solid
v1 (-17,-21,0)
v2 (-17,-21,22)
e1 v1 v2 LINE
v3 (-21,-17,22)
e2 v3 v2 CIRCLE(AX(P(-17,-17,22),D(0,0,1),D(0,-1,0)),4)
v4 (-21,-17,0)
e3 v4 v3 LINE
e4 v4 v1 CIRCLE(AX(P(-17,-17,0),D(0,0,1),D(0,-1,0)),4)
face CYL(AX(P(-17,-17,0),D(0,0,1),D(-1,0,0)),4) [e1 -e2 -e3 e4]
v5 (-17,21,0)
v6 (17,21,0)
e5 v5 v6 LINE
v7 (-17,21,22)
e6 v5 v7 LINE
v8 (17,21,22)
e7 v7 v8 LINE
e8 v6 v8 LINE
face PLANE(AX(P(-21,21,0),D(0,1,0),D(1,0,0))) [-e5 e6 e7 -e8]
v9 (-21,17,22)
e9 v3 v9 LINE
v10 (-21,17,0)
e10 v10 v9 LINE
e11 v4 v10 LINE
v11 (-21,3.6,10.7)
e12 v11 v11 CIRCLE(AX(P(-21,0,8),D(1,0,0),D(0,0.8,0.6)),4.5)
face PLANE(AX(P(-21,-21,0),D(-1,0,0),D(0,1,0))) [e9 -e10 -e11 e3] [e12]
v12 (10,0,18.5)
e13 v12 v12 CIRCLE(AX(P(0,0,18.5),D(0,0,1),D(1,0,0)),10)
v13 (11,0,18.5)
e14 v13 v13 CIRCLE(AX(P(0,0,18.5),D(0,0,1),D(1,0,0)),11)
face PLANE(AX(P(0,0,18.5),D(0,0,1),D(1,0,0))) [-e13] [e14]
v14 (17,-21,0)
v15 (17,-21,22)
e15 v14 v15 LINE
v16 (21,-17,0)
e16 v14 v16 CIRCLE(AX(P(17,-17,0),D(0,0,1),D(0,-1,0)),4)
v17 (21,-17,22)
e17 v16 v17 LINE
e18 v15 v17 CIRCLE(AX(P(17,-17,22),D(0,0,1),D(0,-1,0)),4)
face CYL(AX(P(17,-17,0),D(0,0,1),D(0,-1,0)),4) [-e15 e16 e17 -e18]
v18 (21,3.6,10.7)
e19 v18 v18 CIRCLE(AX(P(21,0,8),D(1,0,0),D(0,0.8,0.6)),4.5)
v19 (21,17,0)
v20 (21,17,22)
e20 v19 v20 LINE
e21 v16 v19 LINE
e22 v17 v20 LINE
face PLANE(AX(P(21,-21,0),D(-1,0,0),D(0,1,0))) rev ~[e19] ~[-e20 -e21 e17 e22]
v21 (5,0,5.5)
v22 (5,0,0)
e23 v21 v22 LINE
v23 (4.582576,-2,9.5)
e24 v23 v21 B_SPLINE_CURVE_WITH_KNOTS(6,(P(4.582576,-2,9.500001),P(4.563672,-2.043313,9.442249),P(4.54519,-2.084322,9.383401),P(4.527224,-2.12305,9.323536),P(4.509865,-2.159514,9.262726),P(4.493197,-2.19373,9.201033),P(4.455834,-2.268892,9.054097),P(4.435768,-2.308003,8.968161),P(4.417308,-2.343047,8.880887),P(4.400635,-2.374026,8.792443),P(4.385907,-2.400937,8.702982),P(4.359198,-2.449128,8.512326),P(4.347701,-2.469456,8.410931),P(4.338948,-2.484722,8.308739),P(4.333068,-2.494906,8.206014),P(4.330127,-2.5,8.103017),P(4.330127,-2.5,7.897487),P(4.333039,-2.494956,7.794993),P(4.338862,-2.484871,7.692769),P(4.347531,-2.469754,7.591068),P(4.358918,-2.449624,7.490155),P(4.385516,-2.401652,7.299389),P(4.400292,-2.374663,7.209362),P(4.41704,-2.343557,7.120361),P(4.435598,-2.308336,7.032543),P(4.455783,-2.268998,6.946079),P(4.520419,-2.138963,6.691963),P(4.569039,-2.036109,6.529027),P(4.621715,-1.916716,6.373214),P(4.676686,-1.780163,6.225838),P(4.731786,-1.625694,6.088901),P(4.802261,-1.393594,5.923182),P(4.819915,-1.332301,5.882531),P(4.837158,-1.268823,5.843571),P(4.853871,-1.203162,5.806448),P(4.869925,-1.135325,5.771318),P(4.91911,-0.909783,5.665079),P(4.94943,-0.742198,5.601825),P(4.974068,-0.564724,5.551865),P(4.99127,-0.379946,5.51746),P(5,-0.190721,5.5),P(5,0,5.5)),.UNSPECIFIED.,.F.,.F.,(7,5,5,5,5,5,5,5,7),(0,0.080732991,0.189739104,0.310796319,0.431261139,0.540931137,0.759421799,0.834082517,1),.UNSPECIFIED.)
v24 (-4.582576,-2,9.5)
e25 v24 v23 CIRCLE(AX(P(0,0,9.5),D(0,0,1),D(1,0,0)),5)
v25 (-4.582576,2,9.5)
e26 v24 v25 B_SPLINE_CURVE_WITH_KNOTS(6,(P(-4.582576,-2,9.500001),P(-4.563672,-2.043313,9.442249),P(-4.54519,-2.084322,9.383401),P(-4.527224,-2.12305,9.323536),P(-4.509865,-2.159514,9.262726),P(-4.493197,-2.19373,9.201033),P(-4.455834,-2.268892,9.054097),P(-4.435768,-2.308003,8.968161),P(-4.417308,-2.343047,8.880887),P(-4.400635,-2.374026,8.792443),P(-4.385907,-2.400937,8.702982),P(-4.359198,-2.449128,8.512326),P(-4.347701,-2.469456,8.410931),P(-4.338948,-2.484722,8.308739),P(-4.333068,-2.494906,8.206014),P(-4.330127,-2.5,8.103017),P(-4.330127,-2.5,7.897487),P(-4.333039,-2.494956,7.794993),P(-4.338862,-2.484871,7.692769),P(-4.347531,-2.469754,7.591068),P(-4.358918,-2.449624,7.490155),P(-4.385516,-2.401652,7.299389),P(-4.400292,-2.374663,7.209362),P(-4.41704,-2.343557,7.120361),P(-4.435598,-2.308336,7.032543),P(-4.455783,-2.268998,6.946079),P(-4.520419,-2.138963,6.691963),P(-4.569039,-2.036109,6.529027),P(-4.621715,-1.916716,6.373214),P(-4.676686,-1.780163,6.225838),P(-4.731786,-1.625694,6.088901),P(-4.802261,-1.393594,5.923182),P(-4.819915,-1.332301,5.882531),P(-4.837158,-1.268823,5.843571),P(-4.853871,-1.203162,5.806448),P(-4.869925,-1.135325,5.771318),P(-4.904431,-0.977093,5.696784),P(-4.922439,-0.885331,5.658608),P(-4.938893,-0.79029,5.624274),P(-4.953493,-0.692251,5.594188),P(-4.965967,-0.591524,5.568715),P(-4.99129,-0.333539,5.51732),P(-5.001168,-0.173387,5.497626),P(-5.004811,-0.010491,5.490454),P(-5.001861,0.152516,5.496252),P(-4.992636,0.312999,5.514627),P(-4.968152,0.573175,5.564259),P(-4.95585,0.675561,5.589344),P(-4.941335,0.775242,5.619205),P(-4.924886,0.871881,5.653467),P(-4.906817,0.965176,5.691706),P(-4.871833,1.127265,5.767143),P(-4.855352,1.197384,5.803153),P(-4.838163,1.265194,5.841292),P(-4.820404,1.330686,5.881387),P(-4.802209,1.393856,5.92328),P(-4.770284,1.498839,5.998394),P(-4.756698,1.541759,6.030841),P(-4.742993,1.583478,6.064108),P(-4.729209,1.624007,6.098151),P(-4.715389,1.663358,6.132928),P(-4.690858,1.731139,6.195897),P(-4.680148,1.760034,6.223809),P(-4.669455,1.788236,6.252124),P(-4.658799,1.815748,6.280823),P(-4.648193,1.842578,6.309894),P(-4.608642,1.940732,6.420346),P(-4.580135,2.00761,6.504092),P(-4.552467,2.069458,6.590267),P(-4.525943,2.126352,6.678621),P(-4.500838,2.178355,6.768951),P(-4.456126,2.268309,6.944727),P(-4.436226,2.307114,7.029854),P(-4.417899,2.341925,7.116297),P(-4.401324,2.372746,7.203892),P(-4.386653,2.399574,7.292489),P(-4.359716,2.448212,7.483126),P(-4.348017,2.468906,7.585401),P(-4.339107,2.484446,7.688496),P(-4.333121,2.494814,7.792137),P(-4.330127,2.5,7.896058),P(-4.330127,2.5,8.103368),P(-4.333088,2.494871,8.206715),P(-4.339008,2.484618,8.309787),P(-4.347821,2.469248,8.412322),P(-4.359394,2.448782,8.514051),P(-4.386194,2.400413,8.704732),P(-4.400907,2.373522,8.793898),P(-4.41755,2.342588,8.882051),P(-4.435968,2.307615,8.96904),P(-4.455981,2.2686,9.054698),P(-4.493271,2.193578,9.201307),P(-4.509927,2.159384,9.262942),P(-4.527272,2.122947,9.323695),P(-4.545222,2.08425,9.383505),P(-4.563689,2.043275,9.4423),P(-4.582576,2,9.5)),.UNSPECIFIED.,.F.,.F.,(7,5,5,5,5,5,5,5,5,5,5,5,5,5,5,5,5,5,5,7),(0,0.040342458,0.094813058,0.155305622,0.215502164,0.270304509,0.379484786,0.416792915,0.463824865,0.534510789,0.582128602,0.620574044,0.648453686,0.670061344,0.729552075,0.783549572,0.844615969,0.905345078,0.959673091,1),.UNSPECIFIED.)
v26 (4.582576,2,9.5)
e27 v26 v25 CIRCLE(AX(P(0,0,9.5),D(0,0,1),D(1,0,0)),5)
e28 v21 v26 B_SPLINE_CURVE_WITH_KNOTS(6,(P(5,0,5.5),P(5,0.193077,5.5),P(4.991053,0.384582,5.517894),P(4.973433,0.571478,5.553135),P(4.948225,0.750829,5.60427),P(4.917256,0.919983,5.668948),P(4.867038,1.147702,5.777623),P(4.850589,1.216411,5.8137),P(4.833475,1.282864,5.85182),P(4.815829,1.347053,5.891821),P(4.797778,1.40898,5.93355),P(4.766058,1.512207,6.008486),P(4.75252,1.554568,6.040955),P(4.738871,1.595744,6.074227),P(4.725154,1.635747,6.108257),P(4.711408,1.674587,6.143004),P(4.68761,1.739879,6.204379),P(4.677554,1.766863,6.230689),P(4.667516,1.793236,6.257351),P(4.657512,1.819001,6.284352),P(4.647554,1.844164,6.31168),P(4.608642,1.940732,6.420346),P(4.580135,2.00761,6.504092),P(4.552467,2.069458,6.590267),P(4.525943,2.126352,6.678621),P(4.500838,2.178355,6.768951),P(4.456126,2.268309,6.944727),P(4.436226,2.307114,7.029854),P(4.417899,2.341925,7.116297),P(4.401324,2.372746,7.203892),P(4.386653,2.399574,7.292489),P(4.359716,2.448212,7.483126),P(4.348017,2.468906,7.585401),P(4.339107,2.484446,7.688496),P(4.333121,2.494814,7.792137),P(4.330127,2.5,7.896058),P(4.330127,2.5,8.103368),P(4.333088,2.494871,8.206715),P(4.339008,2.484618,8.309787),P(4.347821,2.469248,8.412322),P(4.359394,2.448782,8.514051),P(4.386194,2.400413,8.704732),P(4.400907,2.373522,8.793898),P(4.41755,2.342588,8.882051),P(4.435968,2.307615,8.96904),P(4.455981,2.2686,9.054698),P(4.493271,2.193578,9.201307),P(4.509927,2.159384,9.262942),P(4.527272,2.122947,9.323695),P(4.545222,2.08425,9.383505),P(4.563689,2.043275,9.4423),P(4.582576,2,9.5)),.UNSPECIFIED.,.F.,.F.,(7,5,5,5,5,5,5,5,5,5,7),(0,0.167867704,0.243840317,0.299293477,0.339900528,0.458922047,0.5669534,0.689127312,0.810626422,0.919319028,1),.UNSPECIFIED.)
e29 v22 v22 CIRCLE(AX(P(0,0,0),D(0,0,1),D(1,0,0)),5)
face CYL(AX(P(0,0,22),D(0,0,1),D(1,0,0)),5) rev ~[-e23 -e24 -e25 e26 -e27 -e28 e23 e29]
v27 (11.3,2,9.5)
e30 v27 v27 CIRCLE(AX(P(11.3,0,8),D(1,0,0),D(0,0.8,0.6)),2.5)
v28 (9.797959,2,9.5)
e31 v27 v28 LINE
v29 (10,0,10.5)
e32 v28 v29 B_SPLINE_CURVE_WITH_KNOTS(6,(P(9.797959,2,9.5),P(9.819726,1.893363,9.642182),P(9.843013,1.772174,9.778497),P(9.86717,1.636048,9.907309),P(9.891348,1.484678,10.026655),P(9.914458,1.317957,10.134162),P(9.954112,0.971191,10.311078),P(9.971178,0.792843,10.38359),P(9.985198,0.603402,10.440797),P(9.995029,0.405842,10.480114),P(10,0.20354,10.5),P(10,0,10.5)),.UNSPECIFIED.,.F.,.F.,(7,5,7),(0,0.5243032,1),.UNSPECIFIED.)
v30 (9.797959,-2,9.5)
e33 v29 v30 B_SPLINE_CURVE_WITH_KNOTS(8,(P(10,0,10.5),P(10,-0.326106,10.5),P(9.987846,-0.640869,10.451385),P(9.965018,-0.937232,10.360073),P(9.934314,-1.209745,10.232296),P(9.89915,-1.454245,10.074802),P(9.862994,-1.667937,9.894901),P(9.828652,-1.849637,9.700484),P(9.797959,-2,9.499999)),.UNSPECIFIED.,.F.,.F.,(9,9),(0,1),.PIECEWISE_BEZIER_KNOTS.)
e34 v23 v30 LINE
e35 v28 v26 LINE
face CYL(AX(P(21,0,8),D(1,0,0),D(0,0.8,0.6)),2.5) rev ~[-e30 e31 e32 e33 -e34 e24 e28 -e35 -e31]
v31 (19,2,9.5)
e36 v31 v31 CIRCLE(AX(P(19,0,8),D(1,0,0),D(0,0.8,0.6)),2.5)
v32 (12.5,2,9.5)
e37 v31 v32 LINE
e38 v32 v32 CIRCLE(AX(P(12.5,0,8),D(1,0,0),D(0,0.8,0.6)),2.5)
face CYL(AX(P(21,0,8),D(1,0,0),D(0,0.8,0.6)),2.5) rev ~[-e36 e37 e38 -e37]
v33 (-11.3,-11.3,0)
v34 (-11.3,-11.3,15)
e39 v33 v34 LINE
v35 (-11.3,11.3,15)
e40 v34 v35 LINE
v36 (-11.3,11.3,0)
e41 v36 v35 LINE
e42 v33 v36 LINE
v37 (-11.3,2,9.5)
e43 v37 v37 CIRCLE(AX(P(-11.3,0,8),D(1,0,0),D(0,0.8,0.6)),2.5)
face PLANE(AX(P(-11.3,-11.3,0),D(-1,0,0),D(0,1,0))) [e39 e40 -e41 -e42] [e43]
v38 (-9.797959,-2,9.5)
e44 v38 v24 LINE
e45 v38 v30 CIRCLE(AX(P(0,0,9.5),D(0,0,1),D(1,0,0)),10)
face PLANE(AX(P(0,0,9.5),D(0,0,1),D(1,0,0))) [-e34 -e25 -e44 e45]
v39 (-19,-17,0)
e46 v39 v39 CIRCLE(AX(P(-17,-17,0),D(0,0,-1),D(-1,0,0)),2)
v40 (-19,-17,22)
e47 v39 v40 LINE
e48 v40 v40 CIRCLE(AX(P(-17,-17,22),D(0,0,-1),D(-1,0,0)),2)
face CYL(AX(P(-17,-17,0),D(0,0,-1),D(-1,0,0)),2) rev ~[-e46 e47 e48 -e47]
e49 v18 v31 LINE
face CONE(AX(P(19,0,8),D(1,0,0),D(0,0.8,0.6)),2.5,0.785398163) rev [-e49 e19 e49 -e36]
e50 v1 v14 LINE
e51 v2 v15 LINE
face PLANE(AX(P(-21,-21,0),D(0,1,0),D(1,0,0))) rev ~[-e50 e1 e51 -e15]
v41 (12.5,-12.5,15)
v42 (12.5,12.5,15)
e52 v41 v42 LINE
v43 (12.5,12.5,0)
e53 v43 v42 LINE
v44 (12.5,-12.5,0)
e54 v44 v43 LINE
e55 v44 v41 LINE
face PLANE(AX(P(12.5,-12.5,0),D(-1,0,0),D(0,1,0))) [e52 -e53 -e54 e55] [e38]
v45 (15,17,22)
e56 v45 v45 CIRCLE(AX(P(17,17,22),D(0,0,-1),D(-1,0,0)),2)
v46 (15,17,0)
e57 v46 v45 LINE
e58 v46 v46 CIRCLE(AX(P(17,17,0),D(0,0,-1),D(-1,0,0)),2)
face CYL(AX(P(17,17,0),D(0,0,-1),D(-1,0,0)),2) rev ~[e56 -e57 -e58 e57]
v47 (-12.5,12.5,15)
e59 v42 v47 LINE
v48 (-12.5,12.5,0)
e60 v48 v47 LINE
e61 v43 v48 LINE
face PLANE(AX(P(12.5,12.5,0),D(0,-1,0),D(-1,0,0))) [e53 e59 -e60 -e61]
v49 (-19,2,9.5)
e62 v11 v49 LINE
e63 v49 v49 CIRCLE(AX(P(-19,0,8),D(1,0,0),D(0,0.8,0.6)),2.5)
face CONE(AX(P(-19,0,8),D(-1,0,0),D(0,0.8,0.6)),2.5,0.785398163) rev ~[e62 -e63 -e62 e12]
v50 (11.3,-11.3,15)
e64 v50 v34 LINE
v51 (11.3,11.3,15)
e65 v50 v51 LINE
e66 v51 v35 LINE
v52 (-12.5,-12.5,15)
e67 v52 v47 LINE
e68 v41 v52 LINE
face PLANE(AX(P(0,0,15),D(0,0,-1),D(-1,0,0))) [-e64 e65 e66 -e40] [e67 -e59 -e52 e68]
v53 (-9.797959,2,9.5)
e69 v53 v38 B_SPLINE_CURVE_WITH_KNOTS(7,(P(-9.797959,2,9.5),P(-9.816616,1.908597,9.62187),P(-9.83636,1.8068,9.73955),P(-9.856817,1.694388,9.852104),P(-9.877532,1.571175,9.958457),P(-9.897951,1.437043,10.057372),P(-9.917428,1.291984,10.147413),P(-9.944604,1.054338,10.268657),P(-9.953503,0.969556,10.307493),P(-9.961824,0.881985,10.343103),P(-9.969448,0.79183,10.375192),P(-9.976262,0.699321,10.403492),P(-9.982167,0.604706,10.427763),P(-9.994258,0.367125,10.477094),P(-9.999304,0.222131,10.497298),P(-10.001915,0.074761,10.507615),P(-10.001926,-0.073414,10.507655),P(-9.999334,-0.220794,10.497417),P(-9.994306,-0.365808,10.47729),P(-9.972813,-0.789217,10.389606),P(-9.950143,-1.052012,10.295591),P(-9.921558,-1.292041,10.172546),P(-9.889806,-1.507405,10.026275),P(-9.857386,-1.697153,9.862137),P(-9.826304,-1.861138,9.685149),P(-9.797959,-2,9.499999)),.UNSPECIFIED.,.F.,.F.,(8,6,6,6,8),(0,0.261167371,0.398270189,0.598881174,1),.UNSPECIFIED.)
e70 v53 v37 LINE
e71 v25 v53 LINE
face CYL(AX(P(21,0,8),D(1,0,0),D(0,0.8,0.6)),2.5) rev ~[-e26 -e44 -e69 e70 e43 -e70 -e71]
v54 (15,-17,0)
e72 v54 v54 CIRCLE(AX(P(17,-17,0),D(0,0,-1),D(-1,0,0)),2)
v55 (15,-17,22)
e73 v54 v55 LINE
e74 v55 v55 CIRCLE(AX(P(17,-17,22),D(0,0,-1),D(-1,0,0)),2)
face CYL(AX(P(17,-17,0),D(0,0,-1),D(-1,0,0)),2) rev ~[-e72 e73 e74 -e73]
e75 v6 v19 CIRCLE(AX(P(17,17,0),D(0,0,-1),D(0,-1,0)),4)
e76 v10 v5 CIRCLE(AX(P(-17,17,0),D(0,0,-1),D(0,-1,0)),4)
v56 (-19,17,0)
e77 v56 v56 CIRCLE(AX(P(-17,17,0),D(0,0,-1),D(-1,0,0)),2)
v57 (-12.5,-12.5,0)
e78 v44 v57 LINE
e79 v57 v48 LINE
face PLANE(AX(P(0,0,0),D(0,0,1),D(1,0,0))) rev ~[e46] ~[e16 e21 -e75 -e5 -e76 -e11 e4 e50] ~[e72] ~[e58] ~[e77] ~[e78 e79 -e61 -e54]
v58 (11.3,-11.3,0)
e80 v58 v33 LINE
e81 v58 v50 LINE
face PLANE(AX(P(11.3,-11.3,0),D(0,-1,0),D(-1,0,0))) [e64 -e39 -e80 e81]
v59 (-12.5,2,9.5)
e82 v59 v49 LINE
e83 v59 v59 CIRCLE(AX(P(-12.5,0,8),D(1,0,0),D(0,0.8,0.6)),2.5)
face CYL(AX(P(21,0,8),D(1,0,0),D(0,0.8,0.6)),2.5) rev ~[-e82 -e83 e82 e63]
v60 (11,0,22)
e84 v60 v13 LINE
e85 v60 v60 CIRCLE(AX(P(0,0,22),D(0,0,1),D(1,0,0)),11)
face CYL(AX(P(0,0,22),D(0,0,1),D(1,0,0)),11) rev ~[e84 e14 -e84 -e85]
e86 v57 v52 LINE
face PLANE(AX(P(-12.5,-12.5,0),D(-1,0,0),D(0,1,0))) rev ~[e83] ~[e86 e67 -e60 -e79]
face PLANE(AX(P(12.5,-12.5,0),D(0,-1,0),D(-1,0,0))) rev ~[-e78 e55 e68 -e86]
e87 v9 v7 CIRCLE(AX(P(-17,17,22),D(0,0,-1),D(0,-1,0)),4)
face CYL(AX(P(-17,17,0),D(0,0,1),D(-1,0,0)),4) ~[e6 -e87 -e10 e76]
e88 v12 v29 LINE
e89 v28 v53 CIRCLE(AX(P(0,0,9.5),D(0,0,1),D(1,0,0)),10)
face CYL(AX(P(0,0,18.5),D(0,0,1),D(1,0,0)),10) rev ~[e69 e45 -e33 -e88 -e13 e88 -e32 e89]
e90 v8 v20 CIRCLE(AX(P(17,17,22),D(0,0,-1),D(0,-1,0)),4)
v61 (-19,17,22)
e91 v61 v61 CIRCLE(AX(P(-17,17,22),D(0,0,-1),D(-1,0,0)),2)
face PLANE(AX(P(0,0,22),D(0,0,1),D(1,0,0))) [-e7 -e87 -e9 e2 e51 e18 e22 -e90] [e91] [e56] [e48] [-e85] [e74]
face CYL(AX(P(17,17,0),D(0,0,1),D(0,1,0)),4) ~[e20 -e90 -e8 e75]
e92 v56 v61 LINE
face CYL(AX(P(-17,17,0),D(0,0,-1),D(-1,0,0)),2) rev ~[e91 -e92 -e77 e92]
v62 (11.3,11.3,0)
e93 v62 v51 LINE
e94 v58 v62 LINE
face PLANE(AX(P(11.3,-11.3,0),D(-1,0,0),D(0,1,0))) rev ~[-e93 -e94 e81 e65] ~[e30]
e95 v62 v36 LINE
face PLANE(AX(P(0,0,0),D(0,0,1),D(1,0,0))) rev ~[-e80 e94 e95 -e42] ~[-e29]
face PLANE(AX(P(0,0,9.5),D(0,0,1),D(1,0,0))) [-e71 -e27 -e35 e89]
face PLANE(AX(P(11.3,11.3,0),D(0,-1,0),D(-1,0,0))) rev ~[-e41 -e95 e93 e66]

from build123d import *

# Parameters (mm, degrees)
CROQUIS1_W              = 42
CROQUIS1_H              = 42
SALIENTE_EXTRUIR1_DEPTH = 22
CROQUIS2_W              = 25
CROQUIS2_H              = 25
CROQUIS2_W_2            = 22.6
CROQUIS2_H_2            = 22.6
CORTAR_EXTRUIR1_DEPTH   = 15
CROQUIS3_R              = 5
CORTAR_EXTRUIR2_DEPTH   = 37.959437225
CROQUIS4_R              = 11
CORTAR_EXTRUIR3_DEPTH   = 3.5
CROQUIS5_R              = 10
CORTAR_EXTRUIR4_DEPTH   = 9
CROQUIS6_R              = 2
CORTAR_EXTRUIR5_DEPTH   = 37.959437225
REDONDEO1_R             = 4
CROQUIS7_R              = 2.5
CORTAR_EXTRUIR7_DEPTH   = 52.85556865
CHAFL_N1_SIZE           = 2


with BuildPart() as part:
    # Croquis1 → Saliente-Extruir1 (new body)
    with BuildSketch(Plane.XY):
        Rectangle(CROQUIS1_W, CROQUIS1_H)
    extrude(amount=SALIENTE_EXTRUIR1_DEPTH)

    # Croquis2 → Cortar-Extruir1 (cut)
    with BuildSketch(Plane(origin=(0, 0, 0), x_dir=(-1, 0, 0), z_dir=(0, 0, -1))):
        Rectangle(CROQUIS2_W, CROQUIS2_H)
        Rectangle(CROQUIS2_W_2, CROQUIS2_H_2, mode=Mode.SUBTRACT)
    extrude(amount=-CORTAR_EXTRUIR1_DEPTH, mode=Mode.SUBTRACT)

    # Croquis3 → Cortar-Extruir2 (cut, through all)
    with BuildSketch(Plane.XY.offset(22)):
        Circle(CROQUIS3_R)
    extrude(amount=-CORTAR_EXTRUIR2_DEPTH, mode=Mode.SUBTRACT)

    # Croquis4 → Cortar-Extruir3 (cut)
    with BuildSketch(Plane.XY.offset(22)):
        Circle(CROQUIS4_R)
    extrude(amount=-CORTAR_EXTRUIR3_DEPTH, mode=Mode.SUBTRACT)

    # Croquis5 → Cortar-Extruir4 (cut)
    with BuildSketch(Plane.XY.offset(18.5)):
        Circle(CROQUIS5_R)
    extrude(amount=-CORTAR_EXTRUIR4_DEPTH, mode=Mode.SUBTRACT)

    # Croquis6 → Cortar-Extruir5 (cut, through all)
    with BuildSketch(Plane(origin=(0, 0, 0), x_dir=(-1, 0, 0), z_dir=(0, 0, -1))):
        with Locations((17, 17)):
            Circle(CROQUIS6_R)
        with Locations((-17, 17)):
            Circle(CROQUIS6_R)
        with Locations((-17, -17)):
            Circle(CROQUIS6_R)
        with Locations((17, -17)):
            Circle(CROQUIS6_R)
    extrude(amount=-CORTAR_EXTRUIR5_DEPTH, mode=Mode.SUBTRACT)

    # Redondeo1
    redondeo1_edges = [part.edges().sort_by_distance(p)[0] for p in [
        (21, -21, 11),
        (-21, -21, 11),
        (-21, 21, 11),
        (21, 21, 11),
    ]]
    fillet(redondeo1_edges, radius=REDONDEO1_R)

    # Croquis7 → Cortar-Extruir7 (cut, through all)
    with BuildSketch(Plane(origin=(21, 0, 0), x_dir=(0, 0, -1), z_dir=(1, 0, 0))):
        with Locations(Location((-8, 0, 0), (0, 0, 126.869897646))):
            Circle(CROQUIS7_R)
    extrude(amount=-CORTAR_EXTRUIR7_DEPTH, mode=Mode.SUBTRACT)

    # Chaflán1
    chafl_n1_edges = [part.edges().sort_by_distance(p)[0] for p in [
        (-21, -2, 6.5),
        (21, -2, 6.5),
    ]]
    chamfer(chafl_n1_edges, length=CHAFL_N1_SIZE)


solid = part.part
